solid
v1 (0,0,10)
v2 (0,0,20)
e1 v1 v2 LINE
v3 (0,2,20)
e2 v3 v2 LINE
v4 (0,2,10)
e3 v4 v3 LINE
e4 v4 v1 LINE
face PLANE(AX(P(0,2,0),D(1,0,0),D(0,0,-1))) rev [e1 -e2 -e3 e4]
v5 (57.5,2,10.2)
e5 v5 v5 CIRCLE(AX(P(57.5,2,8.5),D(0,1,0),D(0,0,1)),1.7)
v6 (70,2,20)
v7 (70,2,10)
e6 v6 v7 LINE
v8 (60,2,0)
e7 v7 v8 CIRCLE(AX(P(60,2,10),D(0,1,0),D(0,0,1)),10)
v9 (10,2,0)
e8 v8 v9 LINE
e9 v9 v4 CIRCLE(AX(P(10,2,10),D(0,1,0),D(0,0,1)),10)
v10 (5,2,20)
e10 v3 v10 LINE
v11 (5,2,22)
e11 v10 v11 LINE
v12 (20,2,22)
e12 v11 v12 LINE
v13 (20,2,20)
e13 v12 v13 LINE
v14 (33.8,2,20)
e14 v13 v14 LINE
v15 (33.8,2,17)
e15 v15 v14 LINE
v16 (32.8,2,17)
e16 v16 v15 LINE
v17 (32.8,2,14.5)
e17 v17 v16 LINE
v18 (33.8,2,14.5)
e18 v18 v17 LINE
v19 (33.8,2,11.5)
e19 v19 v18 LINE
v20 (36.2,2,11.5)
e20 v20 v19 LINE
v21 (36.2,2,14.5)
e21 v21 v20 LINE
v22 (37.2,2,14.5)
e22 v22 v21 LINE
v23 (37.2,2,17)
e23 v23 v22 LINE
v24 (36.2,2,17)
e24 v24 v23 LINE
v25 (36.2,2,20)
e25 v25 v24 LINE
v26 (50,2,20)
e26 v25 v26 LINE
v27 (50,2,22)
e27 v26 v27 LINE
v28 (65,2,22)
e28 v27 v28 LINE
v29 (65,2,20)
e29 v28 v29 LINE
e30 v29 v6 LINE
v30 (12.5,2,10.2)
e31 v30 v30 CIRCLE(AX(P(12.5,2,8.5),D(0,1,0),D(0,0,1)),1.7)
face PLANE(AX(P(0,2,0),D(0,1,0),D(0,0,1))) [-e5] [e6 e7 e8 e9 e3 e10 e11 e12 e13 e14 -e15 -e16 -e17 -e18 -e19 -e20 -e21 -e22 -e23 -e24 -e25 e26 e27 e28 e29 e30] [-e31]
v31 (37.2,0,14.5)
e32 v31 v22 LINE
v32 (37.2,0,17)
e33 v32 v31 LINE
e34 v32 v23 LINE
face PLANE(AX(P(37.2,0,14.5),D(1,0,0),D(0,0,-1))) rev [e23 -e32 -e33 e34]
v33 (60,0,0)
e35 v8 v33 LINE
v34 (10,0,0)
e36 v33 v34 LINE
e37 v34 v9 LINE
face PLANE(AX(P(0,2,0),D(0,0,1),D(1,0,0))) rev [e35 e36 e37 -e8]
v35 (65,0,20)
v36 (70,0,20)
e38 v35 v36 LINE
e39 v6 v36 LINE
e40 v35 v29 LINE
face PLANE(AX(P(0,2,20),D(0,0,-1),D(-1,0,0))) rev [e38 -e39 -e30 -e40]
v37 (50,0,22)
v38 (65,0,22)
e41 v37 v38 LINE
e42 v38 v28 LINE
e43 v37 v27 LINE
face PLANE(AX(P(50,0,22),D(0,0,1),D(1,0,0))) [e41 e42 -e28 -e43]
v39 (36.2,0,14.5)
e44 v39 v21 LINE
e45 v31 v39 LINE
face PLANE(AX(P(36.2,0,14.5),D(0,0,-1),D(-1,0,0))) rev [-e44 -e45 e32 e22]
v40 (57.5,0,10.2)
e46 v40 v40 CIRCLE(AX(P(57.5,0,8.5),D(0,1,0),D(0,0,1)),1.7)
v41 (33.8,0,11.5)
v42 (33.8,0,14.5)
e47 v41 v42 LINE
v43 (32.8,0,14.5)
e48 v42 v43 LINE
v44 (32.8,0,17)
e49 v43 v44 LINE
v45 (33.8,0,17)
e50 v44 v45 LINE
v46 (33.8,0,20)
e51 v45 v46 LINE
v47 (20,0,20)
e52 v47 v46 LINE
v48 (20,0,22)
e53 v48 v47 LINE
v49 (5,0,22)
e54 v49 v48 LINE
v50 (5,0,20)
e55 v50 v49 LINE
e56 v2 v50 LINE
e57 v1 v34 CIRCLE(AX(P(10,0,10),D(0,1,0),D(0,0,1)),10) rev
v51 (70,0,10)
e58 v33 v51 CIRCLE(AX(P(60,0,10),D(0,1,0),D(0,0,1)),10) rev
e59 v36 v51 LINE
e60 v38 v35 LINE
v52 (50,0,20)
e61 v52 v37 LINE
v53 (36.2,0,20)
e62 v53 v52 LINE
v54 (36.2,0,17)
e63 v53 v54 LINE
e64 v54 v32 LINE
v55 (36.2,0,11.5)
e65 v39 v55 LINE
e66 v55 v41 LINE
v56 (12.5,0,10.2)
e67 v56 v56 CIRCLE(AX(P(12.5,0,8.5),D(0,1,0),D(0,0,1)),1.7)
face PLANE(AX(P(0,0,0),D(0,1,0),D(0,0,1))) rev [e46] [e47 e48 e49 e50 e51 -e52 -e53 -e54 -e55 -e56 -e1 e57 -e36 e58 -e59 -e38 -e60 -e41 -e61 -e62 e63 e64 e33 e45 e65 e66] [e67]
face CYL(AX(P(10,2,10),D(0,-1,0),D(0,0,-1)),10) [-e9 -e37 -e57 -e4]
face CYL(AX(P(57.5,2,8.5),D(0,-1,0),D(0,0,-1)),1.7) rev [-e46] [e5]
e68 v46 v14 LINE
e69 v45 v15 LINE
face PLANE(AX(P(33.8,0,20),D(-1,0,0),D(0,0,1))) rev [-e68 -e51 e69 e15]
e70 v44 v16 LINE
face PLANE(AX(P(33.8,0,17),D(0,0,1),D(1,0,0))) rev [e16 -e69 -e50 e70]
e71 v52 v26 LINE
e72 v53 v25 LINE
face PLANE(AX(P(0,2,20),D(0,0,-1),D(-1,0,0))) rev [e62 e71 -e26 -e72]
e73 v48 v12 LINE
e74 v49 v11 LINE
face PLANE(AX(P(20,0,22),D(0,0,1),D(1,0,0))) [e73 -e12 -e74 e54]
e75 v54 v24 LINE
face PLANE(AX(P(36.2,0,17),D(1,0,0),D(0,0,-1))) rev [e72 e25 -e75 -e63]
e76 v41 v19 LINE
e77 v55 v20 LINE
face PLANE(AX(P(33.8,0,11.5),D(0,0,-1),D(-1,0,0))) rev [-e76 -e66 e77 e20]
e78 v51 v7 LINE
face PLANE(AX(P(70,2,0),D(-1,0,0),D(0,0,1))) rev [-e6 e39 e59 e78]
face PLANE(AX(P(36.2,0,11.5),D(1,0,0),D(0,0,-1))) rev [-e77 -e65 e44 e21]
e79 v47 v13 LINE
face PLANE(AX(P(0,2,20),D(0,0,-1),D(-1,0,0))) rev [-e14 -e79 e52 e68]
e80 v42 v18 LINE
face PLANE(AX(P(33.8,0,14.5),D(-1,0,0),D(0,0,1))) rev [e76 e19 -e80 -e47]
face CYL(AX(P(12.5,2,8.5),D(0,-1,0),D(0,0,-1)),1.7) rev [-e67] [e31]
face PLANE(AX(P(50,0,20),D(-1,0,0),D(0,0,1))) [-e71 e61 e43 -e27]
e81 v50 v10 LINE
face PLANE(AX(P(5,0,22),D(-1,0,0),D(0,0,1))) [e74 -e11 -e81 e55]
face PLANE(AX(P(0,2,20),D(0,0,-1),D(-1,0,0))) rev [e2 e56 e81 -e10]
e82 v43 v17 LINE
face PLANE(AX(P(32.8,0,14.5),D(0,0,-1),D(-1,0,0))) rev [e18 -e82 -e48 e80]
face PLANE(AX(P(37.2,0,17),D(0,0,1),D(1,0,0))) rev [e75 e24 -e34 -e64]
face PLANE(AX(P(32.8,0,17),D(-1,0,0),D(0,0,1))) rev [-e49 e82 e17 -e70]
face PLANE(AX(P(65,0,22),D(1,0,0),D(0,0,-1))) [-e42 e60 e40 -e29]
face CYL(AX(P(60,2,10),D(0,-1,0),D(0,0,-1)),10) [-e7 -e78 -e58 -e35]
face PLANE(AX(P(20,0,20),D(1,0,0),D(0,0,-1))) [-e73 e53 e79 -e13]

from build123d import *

# Parameters (mm, degrees)
SKETCH_1_W          = 70
SKETCH_1_H          = 20
SKETCH_1_R          = 1.7
EXTRUDE_1_DEPTH     = 2
CUT_EXTRUDE_1_DEPTH = 2
SKETCH_3_W          = 15
SKETCH_3_H          = 2
EXTRUDE_2_DEPTH     = 2
FILLET_1_R          = 10


with BuildPart() as part:
    # 草图1 → 凸台-拉伸1 (new body)
    with BuildSketch(Plane(origin=(0, 0, 0), x_dir=(1, 0, 0), z_dir=(0, 1, 0))):
        with Locations((35, -10)):
            Rectangle(SKETCH_1_W, SKETCH_1_H)
        with Locations(Location((57.5, -8.5, 0), (0, 0, 270))):
            Circle(SKETCH_1_R, mode=Mode.SUBTRACT)
        with Locations(Location((12.5, -8.5, 0), (0, 0, 270))):
            Circle(SKETCH_1_R, mode=Mode.SUBTRACT)
    extrude(amount=EXTRUDE_1_DEPTH)

    # 草图2 → 切除-拉伸1 (cut)
    with BuildSketch(Plane(origin=(0, 2, 0), x_dir=(1, 0, 0), z_dir=(0, 1, 0))):
        Polygon((33.8, -20), (33.8, -17), (32.8, -17), (32.8, -14.5), (33.8, -14.5), (33.8, -11.5), (36.2, -11.5), (36.2, -14.5), (37.2, -14.5), (37.2, -17), (36.2, -17), (36.2, -20), align=None)
    extrude(amount=-CUT_EXTRUDE_1_DEPTH, mode=Mode.SUBTRACT)

    # 草图3 → 凸台-拉伸2 (add)
    with BuildSketch(Plane(origin=(0, 2, 0), x_dir=(1, 0, 0), z_dir=(0, 1, 0))):
        with Locations((12.5, -21)):
            Rectangle(SKETCH_3_W, SKETCH_3_H)
        with Locations((57.5, -21)):
            Rectangle(SKETCH_3_W, SKETCH_3_H)
    extrude(amount=-EXTRUDE_2_DEPTH)

    # 圆角1
    fillet_1_edges = [part.edges().sort_by_distance(p)[0] for p in [
        (0, 1, 0),
        (70, 1, 0),
    ]]
    fillet(fillet_1_edges, radius=FILLET_1_R)


solid = part.part
